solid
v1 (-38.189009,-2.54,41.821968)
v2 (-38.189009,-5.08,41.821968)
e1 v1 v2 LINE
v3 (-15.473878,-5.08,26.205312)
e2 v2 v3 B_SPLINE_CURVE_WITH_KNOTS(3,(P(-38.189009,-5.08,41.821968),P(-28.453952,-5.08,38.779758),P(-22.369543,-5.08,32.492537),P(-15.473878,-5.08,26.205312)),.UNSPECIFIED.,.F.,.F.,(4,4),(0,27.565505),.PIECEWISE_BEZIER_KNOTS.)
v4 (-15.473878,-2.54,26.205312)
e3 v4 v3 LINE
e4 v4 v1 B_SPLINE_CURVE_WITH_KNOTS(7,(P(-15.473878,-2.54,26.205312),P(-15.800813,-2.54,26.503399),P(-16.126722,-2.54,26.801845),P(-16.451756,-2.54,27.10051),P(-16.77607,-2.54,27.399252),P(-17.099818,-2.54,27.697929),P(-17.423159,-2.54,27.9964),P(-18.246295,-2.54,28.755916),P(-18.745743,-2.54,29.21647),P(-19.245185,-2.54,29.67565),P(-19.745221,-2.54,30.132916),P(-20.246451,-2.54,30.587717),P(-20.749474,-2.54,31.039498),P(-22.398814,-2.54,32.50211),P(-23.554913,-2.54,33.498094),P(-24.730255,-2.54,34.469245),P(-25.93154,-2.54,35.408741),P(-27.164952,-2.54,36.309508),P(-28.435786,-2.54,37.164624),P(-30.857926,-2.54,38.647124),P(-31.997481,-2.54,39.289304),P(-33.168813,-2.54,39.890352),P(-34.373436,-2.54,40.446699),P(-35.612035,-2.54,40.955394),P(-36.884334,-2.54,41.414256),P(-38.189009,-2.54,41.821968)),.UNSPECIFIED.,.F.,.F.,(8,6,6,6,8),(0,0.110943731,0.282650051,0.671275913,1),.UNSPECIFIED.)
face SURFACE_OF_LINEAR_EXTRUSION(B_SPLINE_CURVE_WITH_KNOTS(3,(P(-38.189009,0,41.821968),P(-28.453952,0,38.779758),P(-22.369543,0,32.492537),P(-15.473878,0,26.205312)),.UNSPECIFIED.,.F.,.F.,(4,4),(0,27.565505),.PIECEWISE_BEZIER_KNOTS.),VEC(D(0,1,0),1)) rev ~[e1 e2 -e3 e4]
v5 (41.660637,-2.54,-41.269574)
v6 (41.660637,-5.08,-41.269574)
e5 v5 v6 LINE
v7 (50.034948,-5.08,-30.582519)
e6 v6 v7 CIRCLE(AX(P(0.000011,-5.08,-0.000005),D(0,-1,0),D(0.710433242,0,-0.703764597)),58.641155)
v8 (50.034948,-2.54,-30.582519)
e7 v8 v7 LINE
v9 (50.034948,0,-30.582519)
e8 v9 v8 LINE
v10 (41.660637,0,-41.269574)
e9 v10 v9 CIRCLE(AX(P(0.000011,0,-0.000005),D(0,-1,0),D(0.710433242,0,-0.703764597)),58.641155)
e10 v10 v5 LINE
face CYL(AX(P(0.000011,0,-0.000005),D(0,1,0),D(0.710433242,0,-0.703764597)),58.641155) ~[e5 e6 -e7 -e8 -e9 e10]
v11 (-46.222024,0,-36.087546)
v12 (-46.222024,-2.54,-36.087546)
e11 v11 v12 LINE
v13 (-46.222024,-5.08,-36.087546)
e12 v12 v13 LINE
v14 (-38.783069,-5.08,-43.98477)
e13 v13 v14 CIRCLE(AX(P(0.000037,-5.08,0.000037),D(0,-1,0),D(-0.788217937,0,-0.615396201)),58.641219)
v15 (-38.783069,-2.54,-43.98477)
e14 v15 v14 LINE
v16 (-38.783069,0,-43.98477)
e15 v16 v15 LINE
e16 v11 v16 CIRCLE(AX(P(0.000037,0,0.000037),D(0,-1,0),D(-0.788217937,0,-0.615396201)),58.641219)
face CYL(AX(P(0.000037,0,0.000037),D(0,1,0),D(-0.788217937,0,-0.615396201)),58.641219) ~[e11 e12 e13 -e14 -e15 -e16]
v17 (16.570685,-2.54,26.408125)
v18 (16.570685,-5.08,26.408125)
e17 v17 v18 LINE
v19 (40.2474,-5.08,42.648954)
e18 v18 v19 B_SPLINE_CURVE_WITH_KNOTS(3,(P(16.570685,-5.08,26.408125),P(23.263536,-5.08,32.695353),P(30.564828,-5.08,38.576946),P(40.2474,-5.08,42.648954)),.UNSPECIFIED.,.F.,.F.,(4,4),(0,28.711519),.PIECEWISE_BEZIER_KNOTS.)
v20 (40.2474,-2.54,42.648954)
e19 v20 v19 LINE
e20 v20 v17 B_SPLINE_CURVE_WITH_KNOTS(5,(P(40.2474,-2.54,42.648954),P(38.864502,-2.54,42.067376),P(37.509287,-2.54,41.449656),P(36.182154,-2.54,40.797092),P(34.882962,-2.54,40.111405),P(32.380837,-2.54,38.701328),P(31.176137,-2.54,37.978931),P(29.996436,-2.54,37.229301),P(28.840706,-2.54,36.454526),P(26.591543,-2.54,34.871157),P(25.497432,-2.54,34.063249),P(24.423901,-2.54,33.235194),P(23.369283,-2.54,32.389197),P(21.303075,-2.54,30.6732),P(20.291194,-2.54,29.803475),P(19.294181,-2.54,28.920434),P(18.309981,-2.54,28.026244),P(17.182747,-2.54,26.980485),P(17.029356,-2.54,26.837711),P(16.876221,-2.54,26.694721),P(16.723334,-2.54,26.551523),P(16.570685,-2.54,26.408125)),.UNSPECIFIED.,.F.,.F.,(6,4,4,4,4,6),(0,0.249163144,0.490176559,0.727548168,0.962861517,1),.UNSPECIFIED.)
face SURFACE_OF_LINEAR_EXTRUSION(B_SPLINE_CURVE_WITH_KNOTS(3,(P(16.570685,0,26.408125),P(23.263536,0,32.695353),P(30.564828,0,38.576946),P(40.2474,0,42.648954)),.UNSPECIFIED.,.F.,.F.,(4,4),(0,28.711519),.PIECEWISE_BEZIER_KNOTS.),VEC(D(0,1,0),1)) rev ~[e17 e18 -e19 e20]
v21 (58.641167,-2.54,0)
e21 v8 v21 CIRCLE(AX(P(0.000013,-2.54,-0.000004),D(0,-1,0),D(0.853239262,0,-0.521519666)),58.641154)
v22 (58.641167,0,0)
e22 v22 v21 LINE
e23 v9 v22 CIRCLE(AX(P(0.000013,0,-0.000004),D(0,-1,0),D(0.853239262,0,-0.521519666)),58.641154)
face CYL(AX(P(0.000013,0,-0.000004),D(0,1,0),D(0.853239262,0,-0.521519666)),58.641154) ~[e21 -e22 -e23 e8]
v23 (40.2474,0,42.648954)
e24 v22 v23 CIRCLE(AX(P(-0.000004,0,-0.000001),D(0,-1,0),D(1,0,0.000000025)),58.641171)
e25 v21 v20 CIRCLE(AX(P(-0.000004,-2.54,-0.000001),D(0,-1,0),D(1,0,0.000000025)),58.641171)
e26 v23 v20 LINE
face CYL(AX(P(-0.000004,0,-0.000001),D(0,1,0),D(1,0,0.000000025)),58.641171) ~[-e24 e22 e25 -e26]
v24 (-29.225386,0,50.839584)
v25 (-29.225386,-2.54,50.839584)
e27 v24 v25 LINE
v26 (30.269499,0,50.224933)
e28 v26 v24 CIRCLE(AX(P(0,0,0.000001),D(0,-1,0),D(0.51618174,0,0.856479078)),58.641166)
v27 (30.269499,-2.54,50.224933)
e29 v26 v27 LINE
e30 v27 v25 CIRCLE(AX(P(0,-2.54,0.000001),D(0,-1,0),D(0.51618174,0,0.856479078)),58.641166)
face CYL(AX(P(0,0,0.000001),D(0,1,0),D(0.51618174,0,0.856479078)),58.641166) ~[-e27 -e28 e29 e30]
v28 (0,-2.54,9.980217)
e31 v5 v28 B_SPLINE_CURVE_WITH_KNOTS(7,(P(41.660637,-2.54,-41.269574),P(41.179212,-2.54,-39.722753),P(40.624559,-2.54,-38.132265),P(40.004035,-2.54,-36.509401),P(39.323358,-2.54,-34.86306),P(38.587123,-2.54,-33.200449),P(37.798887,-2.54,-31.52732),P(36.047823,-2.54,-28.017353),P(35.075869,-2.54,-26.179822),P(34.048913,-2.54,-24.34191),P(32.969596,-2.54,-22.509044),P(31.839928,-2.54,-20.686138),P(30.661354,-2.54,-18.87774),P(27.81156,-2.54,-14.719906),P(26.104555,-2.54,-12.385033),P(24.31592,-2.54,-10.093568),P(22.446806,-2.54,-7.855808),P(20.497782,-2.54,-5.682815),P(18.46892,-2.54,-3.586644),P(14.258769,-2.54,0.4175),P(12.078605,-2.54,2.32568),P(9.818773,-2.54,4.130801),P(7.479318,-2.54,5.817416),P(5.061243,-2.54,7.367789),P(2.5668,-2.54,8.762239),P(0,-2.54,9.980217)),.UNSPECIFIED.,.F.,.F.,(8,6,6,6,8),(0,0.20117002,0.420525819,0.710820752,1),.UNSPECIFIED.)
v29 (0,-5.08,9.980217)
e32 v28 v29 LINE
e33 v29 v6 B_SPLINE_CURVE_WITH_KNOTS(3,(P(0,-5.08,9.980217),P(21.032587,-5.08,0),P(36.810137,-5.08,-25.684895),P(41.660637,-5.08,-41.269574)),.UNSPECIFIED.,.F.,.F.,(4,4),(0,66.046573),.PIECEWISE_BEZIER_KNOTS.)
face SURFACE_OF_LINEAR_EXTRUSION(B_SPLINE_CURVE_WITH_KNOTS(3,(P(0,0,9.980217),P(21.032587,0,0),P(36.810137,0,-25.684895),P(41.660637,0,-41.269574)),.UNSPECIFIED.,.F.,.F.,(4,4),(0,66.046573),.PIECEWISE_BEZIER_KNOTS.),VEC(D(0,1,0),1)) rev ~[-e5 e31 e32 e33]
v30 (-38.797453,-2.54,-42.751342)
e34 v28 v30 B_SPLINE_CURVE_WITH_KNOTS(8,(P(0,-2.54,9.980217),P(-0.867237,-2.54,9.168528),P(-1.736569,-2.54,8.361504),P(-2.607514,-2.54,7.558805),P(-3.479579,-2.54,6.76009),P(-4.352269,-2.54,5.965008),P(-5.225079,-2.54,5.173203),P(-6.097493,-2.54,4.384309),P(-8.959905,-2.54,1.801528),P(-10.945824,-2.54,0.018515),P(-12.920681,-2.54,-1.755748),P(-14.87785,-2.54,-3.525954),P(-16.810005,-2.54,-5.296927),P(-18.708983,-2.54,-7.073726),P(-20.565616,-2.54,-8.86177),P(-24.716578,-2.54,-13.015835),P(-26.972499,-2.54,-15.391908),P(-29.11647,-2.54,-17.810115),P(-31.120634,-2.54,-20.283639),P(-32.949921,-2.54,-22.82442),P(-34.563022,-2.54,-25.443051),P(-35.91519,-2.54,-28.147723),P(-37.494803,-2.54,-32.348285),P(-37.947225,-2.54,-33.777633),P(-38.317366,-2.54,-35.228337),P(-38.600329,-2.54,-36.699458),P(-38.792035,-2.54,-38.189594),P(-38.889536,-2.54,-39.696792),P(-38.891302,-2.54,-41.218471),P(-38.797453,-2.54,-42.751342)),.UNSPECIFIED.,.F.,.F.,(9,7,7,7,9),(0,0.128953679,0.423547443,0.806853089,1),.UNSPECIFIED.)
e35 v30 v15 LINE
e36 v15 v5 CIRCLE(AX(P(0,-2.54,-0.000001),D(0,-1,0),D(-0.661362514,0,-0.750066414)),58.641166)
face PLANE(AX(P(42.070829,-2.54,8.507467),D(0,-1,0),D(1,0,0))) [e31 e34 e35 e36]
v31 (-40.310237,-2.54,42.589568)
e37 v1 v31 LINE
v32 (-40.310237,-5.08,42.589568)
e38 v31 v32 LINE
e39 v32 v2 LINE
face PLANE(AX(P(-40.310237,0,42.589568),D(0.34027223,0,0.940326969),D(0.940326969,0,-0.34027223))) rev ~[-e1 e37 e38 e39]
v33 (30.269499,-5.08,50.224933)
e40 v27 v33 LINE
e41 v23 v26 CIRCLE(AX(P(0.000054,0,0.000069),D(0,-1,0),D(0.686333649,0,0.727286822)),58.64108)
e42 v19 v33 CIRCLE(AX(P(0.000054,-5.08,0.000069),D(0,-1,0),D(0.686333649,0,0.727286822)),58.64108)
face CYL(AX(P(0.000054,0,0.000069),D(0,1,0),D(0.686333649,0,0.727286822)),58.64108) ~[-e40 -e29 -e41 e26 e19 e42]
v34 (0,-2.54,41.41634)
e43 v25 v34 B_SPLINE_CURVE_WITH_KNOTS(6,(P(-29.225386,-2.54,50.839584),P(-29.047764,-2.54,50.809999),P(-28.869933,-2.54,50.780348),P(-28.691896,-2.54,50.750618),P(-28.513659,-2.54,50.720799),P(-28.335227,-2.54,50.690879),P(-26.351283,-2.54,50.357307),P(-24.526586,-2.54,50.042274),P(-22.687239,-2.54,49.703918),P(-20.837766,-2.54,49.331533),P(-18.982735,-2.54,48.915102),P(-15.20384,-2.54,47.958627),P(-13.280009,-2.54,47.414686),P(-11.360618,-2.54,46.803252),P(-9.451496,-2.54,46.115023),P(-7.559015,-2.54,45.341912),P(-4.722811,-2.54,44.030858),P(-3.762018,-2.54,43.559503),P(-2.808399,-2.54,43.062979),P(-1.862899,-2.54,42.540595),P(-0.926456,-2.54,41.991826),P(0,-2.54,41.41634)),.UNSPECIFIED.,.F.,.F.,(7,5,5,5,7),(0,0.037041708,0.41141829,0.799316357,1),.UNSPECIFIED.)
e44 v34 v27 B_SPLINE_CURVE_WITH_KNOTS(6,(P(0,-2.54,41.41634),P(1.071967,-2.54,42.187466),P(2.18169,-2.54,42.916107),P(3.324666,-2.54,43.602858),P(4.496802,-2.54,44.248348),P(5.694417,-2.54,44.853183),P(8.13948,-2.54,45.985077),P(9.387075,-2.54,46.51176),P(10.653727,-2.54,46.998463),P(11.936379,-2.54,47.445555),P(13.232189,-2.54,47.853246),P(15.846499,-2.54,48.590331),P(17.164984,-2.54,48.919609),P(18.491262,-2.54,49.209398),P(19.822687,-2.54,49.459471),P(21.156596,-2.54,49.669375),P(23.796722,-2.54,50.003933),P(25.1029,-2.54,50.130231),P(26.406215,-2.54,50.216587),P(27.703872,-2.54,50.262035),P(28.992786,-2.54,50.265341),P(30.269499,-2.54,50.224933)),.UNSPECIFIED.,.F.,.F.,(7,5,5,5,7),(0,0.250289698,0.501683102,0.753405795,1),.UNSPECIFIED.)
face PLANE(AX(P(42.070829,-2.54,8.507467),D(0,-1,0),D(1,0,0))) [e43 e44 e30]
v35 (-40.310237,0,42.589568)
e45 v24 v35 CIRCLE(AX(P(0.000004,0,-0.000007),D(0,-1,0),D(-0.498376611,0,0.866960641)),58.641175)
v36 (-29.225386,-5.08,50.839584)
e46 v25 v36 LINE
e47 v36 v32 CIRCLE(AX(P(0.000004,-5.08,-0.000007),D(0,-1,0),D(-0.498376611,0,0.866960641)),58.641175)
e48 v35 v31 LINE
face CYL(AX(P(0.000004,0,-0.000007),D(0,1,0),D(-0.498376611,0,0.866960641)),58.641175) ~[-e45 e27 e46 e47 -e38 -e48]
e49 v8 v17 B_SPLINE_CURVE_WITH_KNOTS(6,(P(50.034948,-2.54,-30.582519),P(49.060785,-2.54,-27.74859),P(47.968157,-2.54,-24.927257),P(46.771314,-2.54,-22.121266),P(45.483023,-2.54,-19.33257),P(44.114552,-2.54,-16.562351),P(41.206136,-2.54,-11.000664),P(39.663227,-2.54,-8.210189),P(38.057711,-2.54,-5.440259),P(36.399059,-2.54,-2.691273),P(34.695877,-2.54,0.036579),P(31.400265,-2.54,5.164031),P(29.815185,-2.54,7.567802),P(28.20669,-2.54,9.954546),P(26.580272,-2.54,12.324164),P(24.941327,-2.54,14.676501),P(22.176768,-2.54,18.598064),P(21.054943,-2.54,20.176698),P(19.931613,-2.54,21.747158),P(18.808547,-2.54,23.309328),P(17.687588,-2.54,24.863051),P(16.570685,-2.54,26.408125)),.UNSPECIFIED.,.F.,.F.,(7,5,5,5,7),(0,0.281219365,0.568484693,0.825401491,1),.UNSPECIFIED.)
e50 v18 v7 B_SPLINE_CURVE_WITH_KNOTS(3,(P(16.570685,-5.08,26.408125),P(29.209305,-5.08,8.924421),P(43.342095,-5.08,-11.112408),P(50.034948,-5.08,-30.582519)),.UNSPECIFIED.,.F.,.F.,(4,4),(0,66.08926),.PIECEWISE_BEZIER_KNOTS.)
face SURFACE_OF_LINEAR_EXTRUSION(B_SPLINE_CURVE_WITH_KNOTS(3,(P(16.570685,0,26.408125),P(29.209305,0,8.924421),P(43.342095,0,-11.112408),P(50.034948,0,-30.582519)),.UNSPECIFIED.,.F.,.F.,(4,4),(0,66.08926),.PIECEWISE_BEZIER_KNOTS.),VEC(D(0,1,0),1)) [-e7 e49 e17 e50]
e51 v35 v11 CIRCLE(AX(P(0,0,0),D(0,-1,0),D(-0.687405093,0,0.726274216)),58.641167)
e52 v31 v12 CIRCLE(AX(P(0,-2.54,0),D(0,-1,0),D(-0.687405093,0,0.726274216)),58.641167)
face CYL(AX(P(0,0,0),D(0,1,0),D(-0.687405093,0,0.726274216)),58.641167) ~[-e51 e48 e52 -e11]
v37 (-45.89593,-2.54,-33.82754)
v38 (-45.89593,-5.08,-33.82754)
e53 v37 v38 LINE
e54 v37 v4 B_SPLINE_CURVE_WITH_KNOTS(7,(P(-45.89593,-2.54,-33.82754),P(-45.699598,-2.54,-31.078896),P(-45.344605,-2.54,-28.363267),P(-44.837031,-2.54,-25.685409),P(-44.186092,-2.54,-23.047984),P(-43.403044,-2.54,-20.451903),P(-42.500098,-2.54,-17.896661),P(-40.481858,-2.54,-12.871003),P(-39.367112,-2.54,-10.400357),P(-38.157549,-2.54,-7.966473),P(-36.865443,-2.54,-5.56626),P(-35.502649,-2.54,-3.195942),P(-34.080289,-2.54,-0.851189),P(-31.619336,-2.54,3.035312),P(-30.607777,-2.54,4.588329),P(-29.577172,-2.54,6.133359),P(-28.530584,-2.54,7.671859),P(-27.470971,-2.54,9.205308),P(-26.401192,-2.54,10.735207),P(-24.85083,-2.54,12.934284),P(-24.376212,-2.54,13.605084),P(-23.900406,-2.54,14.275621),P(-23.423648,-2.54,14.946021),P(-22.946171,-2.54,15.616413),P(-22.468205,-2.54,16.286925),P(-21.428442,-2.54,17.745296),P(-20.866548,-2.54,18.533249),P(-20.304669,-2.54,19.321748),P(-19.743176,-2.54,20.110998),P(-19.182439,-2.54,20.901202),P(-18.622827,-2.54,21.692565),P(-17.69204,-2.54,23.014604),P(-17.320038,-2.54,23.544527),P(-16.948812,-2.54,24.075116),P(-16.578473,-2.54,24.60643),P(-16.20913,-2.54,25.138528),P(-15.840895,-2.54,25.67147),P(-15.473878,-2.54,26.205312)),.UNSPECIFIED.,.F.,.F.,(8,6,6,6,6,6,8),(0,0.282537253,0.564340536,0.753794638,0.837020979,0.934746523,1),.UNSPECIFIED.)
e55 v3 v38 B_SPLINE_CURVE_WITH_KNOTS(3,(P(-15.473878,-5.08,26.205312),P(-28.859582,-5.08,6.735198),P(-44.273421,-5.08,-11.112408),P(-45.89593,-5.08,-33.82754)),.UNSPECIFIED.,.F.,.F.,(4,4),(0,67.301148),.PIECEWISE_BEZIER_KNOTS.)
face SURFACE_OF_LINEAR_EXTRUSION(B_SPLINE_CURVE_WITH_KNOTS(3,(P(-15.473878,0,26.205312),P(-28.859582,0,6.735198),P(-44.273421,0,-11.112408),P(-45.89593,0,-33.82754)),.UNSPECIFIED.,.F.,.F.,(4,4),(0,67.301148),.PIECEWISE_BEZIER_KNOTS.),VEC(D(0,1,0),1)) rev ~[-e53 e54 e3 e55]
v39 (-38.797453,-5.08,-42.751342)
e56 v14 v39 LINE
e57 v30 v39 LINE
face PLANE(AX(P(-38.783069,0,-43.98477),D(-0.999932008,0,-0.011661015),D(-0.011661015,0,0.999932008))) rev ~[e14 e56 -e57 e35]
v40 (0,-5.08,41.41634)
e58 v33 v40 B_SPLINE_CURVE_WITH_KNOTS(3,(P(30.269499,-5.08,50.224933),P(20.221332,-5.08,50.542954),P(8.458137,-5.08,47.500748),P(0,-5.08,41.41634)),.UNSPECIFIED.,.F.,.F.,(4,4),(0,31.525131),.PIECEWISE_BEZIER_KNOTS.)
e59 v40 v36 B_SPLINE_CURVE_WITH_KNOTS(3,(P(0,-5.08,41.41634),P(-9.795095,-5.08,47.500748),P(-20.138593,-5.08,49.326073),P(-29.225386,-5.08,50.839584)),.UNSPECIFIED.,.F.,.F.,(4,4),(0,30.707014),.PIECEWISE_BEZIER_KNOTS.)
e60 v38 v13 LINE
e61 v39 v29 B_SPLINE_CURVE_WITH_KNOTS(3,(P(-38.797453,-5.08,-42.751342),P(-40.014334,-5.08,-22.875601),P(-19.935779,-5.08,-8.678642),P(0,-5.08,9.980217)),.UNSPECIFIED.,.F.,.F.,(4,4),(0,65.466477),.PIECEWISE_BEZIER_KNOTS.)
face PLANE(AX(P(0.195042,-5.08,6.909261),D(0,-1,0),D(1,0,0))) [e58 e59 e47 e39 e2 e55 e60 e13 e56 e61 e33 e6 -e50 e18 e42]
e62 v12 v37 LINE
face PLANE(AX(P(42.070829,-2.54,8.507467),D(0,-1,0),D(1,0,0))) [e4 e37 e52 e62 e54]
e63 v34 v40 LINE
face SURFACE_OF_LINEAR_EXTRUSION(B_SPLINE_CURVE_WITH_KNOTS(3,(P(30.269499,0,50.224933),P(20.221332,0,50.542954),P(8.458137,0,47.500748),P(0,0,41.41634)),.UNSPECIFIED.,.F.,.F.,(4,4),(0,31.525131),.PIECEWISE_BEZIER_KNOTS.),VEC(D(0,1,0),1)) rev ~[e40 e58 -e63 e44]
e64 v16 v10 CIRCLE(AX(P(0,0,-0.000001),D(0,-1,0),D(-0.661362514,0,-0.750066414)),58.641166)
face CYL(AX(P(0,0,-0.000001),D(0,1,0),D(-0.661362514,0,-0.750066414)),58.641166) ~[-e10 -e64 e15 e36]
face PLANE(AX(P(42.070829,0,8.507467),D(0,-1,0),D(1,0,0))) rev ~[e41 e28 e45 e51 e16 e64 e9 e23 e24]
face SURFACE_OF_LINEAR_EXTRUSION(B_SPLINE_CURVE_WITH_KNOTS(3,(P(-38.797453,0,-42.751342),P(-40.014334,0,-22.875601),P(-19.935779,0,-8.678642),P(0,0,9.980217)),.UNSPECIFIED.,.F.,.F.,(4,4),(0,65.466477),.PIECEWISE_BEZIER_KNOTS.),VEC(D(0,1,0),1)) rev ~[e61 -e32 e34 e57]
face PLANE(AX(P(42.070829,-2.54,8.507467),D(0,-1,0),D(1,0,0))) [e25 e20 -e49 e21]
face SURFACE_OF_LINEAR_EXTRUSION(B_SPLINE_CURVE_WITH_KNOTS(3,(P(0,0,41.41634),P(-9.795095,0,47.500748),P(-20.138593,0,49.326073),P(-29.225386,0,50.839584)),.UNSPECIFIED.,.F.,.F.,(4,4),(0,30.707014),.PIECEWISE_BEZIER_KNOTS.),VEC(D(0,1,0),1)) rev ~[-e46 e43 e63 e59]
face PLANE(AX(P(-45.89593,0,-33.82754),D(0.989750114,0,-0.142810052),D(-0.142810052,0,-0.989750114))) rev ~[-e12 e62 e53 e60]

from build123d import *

# Parameters (mm, degrees)
F1_DEPTH = 2.54
F2_DEPTH = 5.08


with BuildPart() as f1:
    # F0 (on Front) → F1 (new body)
    with BuildSketch(Plane.XZ):
        with BuildLine():
            ThreePointArc((50.034948, -30.582519), (56.448624, -15.885194), (58.641167, 0))
            ThreePointArc((58.641167, 0), (53.846731, 23.223178), (40.2474, 42.648954))
            add(Edge.make_bspline(
                [(16.570685, 26.408125), (23.263536, 32.695353), (30.564828, 38.576946), (40.2474, 42.648954)],
                knots=[0, 0, 0, 0, 28.711519, 28.711519, 28.711519, 28.711519], degree=3))
            add(Edge.make_bspline(
                [(16.570685, 26.408125), (29.209305, 8.924421), (43.342095, -11.112408), (50.034948, -30.582519)],
                knots=[0, 0, 0, 0, 66.08926, 66.08926, 66.08926, 66.08926], degree=3))
        make_face()
        with BuildLine():
            add(Edge.make_bspline(
                [(16.570685, 26.408125), (23.263536, 32.695353), (30.564828, 38.576946), (40.2474, 42.648954)],
                knots=[0, 0, 0, 0, 28.711519, 28.711519, 28.711519, 28.711519], degree=3))
            ThreePointArc((40.2474, 42.648954), (35.461347, 46.704169), (30.269499, 50.224933))
            add(Edge.make_bspline(
                [(30.269499, 50.224933), (20.221332, 50.542954), (8.458137, 47.500748), (0, 41.41634)],
                knots=[0, 0, 0, 0, 31.525131, 31.525131, 31.525131, 31.525131], degree=3))
            add(Edge.make_bspline(
                [(0, 41.41634), (-9.795095, 47.500748), (-20.138593, 49.326073), (-29.225386, 50.839584)],
                knots=[0, 0, 0, 0, 30.707014, 30.707014, 30.707014, 30.707014], degree=3))
            ThreePointArc((-29.225386, 50.839584), (-35.011661, 47.042216), (-40.310237, 42.589568))
            Line((-40.310237, 42.589568), (-38.189009, 41.821968))
            add(Edge.make_bspline(
                [(-38.189009, 41.821968), (-28.453952, 38.779758), (-22.369543, 32.492537), (-15.473878, 26.205312)],
                knots=[0, 0, 0, 0, 27.565505, 27.565505, 27.565505, 27.565505], degree=3))
            add(Edge.make_bspline(
                [(-15.473878, 26.205312), (-28.859582, 6.735198), (-44.273421, -11.112408), (-45.89593, -33.82754)],
                knots=[0, 0, 0, 0, 67.301148, 67.301148, 67.301148, 67.301148], degree=3))
            Line((-45.89593, -33.82754), (-46.222024, -36.087546))
            ThreePointArc((-46.222024, -36.087546), (-42.685571, -40.208562), (-38.783069, -43.98477))
            Line((-38.783069, -43.98477), (-38.797453, -42.751342))
            add(Edge.make_bspline(
                [(-38.797453, -42.751342), (-40.014334, -22.875601), (-19.935779, -8.678642), (0, 9.980217)],
                knots=[0, 0, 0, 0, 65.466477, 65.466477, 65.466477, 65.466477], degree=3))
            add(Edge.make_bspline(
                [(0, 9.980217), (21.032587, 0), (36.810137, -25.684895), (41.660637, -41.269574)],
                knots=[0, 0, 0, 0, 66.046573, 66.046573, 66.046573, 66.046573], degree=3))
            ThreePointArc((41.660637, -41.269574), (46.158134, -36.169229), (50.034948, -30.582519))
            add(Edge.make_bspline(
                [(16.570685, 26.408125), (29.209305, 8.924421), (43.342095, -11.112408), (50.034948, -30.582519)],
                knots=[0, 0, 0, 0, 66.08926, 66.08926, 66.08926, 66.08926], degree=3))
        make_face()
        with BuildLine():
            add(Edge.make_bspline(
                [(30.269499, 50.224933), (20.221332, 50.542954), (8.458137, 47.500748), (0, 41.41634)],
                knots=[0, 0, 0, 0, 31.525131, 31.525131, 31.525131, 31.525131], degree=3))
            ThreePointArc((30.269499, 50.224933), (0.605799, 58.638038), (-29.225386, 50.839584))
            add(Edge.make_bspline(
                [(0, 41.41634), (-9.795095, 47.500748), (-20.138593, 49.326073), (-29.225386, 50.839584)],
                knots=[0, 0, 0, 0, 30.707014, 30.707014, 30.707014, 30.707014], degree=3))
        make_face()
        with BuildLine():
            ThreePointArc((-38.783069, -43.98477), (1.978174, -58.607792), (41.660637, -41.269574))
            add(Edge.make_bspline(
                [(0, 9.980217), (21.032587, 0), (36.810137, -25.684895), (41.660637, -41.269574)],
                knots=[0, 0, 0, 0, 66.046573, 66.046573, 66.046573, 66.046573], degree=3))
            add(Edge.make_bspline(
                [(-38.797453, -42.751342), (-40.014334, -22.875601), (-19.935779, -8.678642), (0, 9.980217)],
                knots=[0, 0, 0, 0, 65.466477, 65.466477, 65.466477, 65.466477], degree=3))
            Line((-38.797453, -42.751342), (-38.783069, -43.98477))
        make_face()
        with BuildLine():
            Line((-38.189009, 41.821968), (-40.310237, 42.589568))
            ThreePointArc((-40.310237, 42.589568), (-58.476321, 4.393902), (-46.222024, -36.087546))
            Line((-46.222024, -36.087546), (-45.89593, -33.82754))
            add(Edge.make_bspline(
                [(-15.473878, 26.205312), (-28.859582, 6.735198), (-44.273421, -11.112408), (-45.89593, -33.82754)],
                knots=[0, 0, 0, 0, 67.301148, 67.301148, 67.301148, 67.301148], degree=3))
            add(Edge.make_bspline(
                [(-38.189009, 41.821968), (-28.453952, 38.779758), (-22.369543, 32.492537), (-15.473878, 26.205312)],
                knots=[0, 0, 0, 0, 27.565505, 27.565505, 27.565505, 27.565505], degree=3))
        make_face()
    extrude(amount=F1_DEPTH)

    # F0 (on Front) → F2 (join)
    with BuildSketch(Plane.XZ):
        with BuildLine():
            add(Edge.make_bspline(
                [(16.570685, 26.408125), (23.263536, 32.695353), (30.564828, 38.576946), (40.2474, 42.648954)],
                knots=[0, 0, 0, 0, 28.711519, 28.711519, 28.711519, 28.711519], degree=3))
            ThreePointArc((40.2474, 42.648954), (35.461347, 46.704169), (30.269499, 50.224933))
            add(Edge.make_bspline(
                [(30.269499, 50.224933), (20.221332, 50.542954), (8.458137, 47.500748), (0, 41.41634)],
                knots=[0, 0, 0, 0, 31.525131, 31.525131, 31.525131, 31.525131], degree=3))
            add(Edge.make_bspline(
                [(0, 41.41634), (-9.795095, 47.500748), (-20.138593, 49.326073), (-29.225386, 50.839584)],
                knots=[0, 0, 0, 0, 30.707014, 30.707014, 30.707014, 30.707014], degree=3))
            ThreePointArc((-29.225386, 50.839584), (-35.011661, 47.042216), (-40.310237, 42.589568))
            Line((-40.310237, 42.589568), (-38.189009, 41.821968))
            add(Edge.make_bspline(
                [(-38.189009, 41.821968), (-28.453952, 38.779758), (-22.369543, 32.492537), (-15.473878, 26.205312)],
                knots=[0, 0, 0, 0, 27.565505, 27.565505, 27.565505, 27.565505], degree=3))
            add(Edge.make_bspline(
                [(-15.473878, 26.205312), (-28.859582, 6.735198), (-44.273421, -11.112408), (-45.89593, -33.82754)],
                knots=[0, 0, 0, 0, 67.301148, 67.301148, 67.301148, 67.301148], degree=3))
            Line((-45.89593, -33.82754), (-46.222024, -36.087546))
            ThreePointArc((-46.222024, -36.087546), (-42.685571, -40.208562), (-38.783069, -43.98477))
            Line((-38.783069, -43.98477), (-38.797453, -42.751342))
            add(Edge.make_bspline(
                [(-38.797453, -42.751342), (-40.014334, -22.875601), (-19.935779, -8.678642), (0, 9.980217)],
                knots=[0, 0, 0, 0, 65.466477, 65.466477, 65.466477, 65.466477], degree=3))
            add(Edge.make_bspline(
                [(0, 9.980217), (21.032587, 0), (36.810137, -25.684895), (41.660637, -41.269574)],
                knots=[0, 0, 0, 0, 66.046573, 66.046573, 66.046573, 66.046573], degree=3))
            ThreePointArc((41.660637, -41.269574), (46.158134, -36.169229), (50.034948, -30.582519))
            add(Edge.make_bspline(
                [(16.570685, 26.408125), (29.209305, 8.924421), (43.342095, -11.112408), (50.034948, -30.582519)],
                knots=[0, 0, 0, 0, 66.08926, 66.08926, 66.08926, 66.08926], degree=3))
        make_face()
    extrude(amount=F2_DEPTH)


solid = f1.part
